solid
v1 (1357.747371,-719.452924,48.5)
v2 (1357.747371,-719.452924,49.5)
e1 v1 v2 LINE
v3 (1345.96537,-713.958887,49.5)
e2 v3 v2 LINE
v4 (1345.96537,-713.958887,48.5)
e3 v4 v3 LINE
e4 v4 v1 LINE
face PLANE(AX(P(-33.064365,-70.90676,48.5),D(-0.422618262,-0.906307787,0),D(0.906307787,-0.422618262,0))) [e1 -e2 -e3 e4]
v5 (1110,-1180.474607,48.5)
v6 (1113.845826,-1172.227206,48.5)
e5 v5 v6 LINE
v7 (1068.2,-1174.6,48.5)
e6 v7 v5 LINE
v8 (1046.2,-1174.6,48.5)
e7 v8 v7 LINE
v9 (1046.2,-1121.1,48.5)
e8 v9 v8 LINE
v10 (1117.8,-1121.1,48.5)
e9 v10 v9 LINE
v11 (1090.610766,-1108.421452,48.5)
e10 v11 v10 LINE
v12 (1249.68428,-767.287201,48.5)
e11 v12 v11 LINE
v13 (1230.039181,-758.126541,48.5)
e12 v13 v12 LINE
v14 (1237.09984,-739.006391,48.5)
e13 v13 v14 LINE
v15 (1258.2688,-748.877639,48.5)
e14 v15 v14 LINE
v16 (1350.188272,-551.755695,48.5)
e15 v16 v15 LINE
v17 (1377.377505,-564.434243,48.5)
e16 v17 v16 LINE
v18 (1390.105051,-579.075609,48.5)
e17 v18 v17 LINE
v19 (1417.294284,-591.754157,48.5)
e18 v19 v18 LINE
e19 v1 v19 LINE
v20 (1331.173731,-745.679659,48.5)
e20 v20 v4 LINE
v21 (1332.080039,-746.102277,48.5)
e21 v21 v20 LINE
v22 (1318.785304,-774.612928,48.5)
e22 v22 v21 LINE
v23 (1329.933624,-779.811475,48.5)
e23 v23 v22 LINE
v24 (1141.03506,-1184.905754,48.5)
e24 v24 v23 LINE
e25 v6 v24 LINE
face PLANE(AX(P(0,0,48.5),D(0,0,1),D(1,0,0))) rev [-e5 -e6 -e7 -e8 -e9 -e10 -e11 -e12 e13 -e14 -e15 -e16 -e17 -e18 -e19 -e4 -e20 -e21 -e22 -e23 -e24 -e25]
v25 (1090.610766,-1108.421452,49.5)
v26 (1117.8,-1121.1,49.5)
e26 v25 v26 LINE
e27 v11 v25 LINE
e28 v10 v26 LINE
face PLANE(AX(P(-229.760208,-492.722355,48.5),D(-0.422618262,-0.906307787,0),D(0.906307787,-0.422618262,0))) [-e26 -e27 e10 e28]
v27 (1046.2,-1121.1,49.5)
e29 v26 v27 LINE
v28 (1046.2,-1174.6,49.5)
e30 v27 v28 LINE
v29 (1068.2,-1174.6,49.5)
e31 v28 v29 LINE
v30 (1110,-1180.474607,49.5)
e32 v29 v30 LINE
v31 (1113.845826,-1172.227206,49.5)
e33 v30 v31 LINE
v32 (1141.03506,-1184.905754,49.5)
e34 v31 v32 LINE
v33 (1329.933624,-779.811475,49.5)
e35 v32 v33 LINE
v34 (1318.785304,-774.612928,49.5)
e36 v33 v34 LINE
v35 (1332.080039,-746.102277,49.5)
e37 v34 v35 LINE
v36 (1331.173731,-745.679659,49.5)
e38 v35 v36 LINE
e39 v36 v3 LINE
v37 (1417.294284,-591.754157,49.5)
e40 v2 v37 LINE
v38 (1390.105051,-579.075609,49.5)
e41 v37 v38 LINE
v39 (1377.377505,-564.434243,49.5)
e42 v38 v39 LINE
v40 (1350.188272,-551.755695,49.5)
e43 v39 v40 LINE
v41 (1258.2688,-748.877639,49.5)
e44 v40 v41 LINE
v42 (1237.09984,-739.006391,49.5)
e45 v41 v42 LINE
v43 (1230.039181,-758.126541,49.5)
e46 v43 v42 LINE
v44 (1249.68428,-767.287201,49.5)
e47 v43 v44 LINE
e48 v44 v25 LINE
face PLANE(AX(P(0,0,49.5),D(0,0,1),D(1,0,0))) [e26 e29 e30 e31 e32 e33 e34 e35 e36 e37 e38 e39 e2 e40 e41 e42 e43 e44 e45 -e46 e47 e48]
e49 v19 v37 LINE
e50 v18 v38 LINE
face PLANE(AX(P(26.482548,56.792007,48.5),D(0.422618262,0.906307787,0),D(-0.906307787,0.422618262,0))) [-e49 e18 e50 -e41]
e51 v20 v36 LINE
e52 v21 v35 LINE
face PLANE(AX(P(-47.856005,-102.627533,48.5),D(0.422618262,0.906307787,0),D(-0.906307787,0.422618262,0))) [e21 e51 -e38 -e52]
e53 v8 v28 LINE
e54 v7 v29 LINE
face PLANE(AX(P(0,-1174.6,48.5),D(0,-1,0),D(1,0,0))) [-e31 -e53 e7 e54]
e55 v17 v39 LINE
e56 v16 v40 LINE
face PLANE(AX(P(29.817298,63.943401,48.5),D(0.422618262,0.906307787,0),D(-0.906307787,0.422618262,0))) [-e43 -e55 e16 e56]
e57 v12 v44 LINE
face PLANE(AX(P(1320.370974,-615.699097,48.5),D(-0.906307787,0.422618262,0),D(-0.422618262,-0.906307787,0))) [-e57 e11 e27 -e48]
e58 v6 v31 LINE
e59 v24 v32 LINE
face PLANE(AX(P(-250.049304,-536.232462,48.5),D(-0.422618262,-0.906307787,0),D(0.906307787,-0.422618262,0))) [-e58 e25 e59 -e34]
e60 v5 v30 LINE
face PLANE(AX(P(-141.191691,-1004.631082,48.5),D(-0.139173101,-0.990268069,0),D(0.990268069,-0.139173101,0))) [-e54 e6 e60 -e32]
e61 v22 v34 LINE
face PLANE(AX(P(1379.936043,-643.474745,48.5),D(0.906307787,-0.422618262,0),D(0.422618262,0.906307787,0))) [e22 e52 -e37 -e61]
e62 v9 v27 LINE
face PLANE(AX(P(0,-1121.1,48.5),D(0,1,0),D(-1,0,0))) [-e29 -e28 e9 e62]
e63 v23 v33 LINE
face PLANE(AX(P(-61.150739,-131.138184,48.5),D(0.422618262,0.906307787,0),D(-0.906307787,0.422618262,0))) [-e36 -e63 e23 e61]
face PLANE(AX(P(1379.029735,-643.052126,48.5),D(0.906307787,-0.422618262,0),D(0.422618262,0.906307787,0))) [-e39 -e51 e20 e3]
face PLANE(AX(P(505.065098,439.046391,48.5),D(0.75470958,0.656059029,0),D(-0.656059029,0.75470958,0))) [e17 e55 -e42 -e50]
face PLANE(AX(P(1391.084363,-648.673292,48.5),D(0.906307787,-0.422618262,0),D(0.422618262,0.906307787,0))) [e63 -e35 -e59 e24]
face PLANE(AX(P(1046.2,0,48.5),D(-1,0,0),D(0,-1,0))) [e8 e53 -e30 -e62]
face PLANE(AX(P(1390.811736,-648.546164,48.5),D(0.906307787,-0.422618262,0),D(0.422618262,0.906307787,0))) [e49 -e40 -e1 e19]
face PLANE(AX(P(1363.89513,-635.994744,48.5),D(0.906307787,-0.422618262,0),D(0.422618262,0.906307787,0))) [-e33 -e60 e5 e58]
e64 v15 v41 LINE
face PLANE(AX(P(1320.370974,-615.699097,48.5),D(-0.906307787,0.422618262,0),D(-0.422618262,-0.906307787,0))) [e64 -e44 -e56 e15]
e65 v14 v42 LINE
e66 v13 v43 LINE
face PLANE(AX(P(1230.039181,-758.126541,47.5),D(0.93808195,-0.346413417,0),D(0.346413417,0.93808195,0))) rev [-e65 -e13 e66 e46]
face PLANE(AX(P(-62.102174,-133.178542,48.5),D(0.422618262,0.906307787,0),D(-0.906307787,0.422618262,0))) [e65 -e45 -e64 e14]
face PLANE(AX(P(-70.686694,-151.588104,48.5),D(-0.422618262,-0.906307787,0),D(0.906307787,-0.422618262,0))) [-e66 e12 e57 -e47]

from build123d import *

# Parameters (mm, degrees)
EXTRUDE_1_DEPTH = 1
EXTRUDE_2_DEPTH = 2


with BuildPart() as part:
    # 草图1 → 拉伸1 (new body)
    with BuildSketch(Plane.XY.offset(49.5)):
        Polygon((1390.105050596, -579.075609045), (1377.377505434, -564.434243188), (1350.188271823, -551.755695336), (1258.268799894, -748.877639017), (1237.099840045, -739.006390924), (1239.746814184, -733.845622773), (1226.4, -727), (1213.4, -757.7), (1226.746814184, -764.545622773), (1230.039181278, -758.126541077), (1249.684280108, -767.287201107), (1198.420684959, -877.222335675), (1183.121903884, -910.030677565), (1170.274308727, -937.582434291), (1150.664821383, -979.63511561), (1135.45056396, -1012.262195943), (1122.349397846, -1040.357737342), (1107.895853295, -1071.353463658), (1090.610766389, -1108.421452148), (1117.8, -1121.1), (1046.2, -1121.1), (1046.2, -1174.6), (1068.2, -1174.6), (1110, -1180.474606891), (1113.845826182, -1172.227206029), (1141.035059793, -1184.905753881), (1329.933624158, -779.811475326), (1318.78530378, -774.612928158), (1332.080038523, -746.102277496), (1331.173730736, -745.679659234), (1345.965369897, -713.958886688), (1357.747371128, -719.45292409), (1417.294284207, -591.754156897), align=None)
    extrude(amount=-EXTRUDE_1_DEPTH)

    # 草图2 → 拉伸2 (cut)
    with BuildSketch(Plane.XY.offset(49.5)):
        Polygon((1239.746814184, -733.845622773), (1226.4, -727), (1213.4, -757.7), (1226.746814184, -764.545622773), (1230.039181278, -758.126541078), (1237.099840045, -739.006390924), align=None)
    extrude(amount=-EXTRUDE_2_DEPTH, mode=Mode.SUBTRACT)


solid = part.part
